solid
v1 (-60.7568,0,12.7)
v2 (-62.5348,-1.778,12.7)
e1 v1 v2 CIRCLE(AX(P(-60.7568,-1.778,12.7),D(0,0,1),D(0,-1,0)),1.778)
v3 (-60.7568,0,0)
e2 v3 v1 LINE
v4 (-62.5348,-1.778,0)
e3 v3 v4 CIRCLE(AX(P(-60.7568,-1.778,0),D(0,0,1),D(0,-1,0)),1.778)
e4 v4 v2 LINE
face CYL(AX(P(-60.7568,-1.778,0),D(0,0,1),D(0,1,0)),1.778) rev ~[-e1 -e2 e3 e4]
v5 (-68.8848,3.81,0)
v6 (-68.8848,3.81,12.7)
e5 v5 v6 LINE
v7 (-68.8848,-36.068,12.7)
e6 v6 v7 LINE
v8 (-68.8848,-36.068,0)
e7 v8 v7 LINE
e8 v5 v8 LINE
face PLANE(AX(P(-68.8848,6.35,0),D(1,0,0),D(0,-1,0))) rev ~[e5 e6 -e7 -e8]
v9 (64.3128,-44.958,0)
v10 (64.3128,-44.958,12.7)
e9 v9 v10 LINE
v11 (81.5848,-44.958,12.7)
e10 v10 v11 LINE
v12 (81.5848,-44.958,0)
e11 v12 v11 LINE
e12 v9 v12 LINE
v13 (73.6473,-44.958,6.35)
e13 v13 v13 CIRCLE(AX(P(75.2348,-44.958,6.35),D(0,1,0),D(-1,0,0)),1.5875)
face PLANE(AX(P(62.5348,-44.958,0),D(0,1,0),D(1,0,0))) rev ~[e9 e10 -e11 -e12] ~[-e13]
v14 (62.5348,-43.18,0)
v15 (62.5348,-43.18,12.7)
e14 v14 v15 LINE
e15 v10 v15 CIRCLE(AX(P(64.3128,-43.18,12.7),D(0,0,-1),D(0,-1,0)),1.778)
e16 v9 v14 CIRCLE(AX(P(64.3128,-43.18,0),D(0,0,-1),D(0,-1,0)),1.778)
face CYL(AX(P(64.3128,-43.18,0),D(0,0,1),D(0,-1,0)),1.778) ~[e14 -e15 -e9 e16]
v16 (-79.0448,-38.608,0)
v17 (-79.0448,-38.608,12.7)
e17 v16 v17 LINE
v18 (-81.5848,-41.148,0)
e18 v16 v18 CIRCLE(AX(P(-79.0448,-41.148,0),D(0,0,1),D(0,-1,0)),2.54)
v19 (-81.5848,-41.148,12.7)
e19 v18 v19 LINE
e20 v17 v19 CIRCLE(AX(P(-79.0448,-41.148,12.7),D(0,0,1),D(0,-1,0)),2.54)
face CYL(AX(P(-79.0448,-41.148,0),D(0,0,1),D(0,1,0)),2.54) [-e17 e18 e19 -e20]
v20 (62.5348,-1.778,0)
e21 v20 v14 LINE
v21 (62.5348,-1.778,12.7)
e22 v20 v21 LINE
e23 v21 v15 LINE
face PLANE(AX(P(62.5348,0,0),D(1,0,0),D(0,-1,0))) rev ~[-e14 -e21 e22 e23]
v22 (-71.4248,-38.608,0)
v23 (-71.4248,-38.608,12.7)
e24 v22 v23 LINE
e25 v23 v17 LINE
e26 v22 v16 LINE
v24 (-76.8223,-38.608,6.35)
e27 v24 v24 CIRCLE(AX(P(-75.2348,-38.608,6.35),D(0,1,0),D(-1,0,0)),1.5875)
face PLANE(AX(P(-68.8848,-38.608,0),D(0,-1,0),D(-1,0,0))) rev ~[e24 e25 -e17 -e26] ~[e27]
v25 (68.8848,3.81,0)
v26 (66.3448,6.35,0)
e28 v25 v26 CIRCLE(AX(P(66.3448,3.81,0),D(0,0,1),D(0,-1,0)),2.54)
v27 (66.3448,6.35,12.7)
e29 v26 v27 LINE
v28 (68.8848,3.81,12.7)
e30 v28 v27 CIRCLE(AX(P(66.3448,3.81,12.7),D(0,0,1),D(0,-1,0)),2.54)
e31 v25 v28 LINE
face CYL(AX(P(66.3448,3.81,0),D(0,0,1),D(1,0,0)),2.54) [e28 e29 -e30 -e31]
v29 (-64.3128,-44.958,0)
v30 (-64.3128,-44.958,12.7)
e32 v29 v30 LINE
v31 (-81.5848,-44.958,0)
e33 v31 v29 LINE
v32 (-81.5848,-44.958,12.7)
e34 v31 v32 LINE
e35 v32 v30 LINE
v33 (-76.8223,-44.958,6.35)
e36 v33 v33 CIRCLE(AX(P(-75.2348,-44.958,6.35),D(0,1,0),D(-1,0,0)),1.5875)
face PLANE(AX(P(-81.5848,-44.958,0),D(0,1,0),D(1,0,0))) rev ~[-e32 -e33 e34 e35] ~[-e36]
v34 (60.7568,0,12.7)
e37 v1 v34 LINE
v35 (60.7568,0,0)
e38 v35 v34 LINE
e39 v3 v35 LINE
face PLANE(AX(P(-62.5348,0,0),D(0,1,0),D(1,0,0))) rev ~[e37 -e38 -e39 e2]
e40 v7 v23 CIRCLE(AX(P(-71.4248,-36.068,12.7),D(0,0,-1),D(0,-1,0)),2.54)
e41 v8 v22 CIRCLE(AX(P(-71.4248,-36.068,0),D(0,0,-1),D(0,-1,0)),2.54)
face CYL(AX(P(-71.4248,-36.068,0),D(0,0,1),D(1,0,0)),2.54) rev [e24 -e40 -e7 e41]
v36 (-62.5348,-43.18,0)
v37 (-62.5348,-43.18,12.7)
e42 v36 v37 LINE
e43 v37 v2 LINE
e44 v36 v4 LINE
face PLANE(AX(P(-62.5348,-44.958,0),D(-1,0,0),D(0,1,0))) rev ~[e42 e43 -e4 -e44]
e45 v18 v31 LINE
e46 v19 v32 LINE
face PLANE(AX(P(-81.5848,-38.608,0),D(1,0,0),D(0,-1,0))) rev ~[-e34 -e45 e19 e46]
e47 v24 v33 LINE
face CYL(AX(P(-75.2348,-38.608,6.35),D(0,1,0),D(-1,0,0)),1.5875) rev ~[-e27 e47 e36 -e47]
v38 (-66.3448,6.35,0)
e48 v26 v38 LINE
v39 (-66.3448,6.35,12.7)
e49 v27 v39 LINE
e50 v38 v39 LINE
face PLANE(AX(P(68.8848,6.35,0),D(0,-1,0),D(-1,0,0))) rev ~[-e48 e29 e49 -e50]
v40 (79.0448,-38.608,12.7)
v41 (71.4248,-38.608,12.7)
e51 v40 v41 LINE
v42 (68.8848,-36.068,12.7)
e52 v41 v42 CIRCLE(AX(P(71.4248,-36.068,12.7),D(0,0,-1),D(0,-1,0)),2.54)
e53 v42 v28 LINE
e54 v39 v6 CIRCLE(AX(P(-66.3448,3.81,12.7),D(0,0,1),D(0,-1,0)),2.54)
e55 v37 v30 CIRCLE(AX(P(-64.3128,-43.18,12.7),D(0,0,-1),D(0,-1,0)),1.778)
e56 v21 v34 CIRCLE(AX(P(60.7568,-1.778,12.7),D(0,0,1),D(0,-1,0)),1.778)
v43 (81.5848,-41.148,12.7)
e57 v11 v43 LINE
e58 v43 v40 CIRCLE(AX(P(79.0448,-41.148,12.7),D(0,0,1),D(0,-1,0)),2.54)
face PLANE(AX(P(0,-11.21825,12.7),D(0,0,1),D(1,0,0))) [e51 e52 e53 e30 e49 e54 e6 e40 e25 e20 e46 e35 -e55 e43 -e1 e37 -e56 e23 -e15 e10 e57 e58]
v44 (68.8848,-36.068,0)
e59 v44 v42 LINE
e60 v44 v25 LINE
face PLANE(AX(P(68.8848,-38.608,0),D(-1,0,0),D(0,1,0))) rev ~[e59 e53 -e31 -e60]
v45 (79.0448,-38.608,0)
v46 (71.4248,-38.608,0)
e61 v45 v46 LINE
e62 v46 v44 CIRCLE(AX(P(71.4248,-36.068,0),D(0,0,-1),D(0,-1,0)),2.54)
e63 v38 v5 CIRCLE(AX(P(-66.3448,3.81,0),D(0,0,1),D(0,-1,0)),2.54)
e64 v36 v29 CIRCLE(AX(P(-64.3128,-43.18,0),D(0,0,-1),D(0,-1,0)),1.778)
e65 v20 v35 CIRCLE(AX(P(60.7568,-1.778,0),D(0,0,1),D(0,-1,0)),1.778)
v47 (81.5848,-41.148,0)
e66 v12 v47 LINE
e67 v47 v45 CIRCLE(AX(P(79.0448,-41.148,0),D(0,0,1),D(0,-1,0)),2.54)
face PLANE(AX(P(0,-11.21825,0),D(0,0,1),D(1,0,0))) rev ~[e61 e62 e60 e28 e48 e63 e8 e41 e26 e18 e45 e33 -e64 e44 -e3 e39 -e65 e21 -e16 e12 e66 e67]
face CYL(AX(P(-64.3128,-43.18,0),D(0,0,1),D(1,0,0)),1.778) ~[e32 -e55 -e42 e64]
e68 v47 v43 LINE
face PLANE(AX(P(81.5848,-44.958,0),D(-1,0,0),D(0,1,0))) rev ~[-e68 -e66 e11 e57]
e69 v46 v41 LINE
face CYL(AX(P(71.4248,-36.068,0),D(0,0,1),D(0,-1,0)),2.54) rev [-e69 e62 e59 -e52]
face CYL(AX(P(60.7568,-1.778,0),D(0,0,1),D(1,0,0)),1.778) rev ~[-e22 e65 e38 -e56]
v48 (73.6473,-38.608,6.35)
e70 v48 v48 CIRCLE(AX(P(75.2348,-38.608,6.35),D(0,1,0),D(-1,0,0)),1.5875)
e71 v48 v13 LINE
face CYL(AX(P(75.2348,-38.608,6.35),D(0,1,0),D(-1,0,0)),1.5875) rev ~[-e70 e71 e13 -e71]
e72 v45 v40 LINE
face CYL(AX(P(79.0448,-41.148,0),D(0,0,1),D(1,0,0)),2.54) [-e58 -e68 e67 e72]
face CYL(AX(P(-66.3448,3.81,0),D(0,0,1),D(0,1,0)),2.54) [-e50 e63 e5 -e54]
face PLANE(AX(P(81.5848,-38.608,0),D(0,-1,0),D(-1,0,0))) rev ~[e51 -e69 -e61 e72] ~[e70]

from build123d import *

# Parameters (mm, degrees)
F1_DEPTH = 12.7
F3_R     = 1.5875
F4_DEPTH = 25.4
F2_R     = 1.5875
F5_DEPTH = 25.4
F6_R     = 2.54
F7_R     = 1.778


with BuildPart() as f1:
    # F0 (on Top) → F1 (new body)
    with BuildSketch(Plane.XY):
        Polygon((-62.5348, 0), (0, 0), (62.5348, 0), (62.5348, -44.958), (81.5848, -44.958), (81.5848, -38.608), (68.8848, -38.608), (68.8848, 0), (68.8848, 6.35), (0, 6.35), (-68.8848, 6.35), (-68.8848, 0), (-68.8848, -38.608), (-81.5848, -38.608), (-81.5848, -44.958), (-62.5348, -44.958), align=None)
    extrude(amount=F1_DEPTH)

    # F3 (on face) → F4 (cut)
    with BuildSketch(Plane(origin=(0, -38.608, 0), x_dir=(-1, 0, 0), z_dir=(0, 1, 0))):
        with Locations((75.2348, 6.35)):
            Circle(F3_R)
    extrude(amount=-F4_DEPTH, mode=Mode.SUBTRACT)

    # F2 (on face) → F5 (cut)
    with BuildSketch(Plane(origin=(0, -38.608, 0), x_dir=(-1, 0, 0), z_dir=(0, 1, 0))):
        with Locations((-75.2348, 6.35)):
            Circle(F2_R)
    extrude(amount=-F5_DEPTH, mode=Mode.SUBTRACT)

    # F6
    f6_edges = [f1.edges().sort_by_distance(p)[0] for p in [
        (81.5848, -38.608, 6.35),
        (68.8848, 6.35, 6.35),
        (68.8848, -38.608, 6.35),
        (-68.8848, 6.35, 6.35),
        (-68.8848, -38.608, 6.35),
        (-81.5848, -38.608, 6.35),
    ]]
    fillet(f6_edges, radius=F6_R)

    # F7
    f7_edges = [f1.edges().sort_by_distance(p)[0] for p in [
        (62.5348, 0, 6.35),
        (-62.5348, 0, 6.35),
        (-62.5348, -44.958, 6.35),
        (62.5348, -44.958, 6.35),
    ]]
    fillet(f7_edges, radius=F7_R)


solid = f1.part
